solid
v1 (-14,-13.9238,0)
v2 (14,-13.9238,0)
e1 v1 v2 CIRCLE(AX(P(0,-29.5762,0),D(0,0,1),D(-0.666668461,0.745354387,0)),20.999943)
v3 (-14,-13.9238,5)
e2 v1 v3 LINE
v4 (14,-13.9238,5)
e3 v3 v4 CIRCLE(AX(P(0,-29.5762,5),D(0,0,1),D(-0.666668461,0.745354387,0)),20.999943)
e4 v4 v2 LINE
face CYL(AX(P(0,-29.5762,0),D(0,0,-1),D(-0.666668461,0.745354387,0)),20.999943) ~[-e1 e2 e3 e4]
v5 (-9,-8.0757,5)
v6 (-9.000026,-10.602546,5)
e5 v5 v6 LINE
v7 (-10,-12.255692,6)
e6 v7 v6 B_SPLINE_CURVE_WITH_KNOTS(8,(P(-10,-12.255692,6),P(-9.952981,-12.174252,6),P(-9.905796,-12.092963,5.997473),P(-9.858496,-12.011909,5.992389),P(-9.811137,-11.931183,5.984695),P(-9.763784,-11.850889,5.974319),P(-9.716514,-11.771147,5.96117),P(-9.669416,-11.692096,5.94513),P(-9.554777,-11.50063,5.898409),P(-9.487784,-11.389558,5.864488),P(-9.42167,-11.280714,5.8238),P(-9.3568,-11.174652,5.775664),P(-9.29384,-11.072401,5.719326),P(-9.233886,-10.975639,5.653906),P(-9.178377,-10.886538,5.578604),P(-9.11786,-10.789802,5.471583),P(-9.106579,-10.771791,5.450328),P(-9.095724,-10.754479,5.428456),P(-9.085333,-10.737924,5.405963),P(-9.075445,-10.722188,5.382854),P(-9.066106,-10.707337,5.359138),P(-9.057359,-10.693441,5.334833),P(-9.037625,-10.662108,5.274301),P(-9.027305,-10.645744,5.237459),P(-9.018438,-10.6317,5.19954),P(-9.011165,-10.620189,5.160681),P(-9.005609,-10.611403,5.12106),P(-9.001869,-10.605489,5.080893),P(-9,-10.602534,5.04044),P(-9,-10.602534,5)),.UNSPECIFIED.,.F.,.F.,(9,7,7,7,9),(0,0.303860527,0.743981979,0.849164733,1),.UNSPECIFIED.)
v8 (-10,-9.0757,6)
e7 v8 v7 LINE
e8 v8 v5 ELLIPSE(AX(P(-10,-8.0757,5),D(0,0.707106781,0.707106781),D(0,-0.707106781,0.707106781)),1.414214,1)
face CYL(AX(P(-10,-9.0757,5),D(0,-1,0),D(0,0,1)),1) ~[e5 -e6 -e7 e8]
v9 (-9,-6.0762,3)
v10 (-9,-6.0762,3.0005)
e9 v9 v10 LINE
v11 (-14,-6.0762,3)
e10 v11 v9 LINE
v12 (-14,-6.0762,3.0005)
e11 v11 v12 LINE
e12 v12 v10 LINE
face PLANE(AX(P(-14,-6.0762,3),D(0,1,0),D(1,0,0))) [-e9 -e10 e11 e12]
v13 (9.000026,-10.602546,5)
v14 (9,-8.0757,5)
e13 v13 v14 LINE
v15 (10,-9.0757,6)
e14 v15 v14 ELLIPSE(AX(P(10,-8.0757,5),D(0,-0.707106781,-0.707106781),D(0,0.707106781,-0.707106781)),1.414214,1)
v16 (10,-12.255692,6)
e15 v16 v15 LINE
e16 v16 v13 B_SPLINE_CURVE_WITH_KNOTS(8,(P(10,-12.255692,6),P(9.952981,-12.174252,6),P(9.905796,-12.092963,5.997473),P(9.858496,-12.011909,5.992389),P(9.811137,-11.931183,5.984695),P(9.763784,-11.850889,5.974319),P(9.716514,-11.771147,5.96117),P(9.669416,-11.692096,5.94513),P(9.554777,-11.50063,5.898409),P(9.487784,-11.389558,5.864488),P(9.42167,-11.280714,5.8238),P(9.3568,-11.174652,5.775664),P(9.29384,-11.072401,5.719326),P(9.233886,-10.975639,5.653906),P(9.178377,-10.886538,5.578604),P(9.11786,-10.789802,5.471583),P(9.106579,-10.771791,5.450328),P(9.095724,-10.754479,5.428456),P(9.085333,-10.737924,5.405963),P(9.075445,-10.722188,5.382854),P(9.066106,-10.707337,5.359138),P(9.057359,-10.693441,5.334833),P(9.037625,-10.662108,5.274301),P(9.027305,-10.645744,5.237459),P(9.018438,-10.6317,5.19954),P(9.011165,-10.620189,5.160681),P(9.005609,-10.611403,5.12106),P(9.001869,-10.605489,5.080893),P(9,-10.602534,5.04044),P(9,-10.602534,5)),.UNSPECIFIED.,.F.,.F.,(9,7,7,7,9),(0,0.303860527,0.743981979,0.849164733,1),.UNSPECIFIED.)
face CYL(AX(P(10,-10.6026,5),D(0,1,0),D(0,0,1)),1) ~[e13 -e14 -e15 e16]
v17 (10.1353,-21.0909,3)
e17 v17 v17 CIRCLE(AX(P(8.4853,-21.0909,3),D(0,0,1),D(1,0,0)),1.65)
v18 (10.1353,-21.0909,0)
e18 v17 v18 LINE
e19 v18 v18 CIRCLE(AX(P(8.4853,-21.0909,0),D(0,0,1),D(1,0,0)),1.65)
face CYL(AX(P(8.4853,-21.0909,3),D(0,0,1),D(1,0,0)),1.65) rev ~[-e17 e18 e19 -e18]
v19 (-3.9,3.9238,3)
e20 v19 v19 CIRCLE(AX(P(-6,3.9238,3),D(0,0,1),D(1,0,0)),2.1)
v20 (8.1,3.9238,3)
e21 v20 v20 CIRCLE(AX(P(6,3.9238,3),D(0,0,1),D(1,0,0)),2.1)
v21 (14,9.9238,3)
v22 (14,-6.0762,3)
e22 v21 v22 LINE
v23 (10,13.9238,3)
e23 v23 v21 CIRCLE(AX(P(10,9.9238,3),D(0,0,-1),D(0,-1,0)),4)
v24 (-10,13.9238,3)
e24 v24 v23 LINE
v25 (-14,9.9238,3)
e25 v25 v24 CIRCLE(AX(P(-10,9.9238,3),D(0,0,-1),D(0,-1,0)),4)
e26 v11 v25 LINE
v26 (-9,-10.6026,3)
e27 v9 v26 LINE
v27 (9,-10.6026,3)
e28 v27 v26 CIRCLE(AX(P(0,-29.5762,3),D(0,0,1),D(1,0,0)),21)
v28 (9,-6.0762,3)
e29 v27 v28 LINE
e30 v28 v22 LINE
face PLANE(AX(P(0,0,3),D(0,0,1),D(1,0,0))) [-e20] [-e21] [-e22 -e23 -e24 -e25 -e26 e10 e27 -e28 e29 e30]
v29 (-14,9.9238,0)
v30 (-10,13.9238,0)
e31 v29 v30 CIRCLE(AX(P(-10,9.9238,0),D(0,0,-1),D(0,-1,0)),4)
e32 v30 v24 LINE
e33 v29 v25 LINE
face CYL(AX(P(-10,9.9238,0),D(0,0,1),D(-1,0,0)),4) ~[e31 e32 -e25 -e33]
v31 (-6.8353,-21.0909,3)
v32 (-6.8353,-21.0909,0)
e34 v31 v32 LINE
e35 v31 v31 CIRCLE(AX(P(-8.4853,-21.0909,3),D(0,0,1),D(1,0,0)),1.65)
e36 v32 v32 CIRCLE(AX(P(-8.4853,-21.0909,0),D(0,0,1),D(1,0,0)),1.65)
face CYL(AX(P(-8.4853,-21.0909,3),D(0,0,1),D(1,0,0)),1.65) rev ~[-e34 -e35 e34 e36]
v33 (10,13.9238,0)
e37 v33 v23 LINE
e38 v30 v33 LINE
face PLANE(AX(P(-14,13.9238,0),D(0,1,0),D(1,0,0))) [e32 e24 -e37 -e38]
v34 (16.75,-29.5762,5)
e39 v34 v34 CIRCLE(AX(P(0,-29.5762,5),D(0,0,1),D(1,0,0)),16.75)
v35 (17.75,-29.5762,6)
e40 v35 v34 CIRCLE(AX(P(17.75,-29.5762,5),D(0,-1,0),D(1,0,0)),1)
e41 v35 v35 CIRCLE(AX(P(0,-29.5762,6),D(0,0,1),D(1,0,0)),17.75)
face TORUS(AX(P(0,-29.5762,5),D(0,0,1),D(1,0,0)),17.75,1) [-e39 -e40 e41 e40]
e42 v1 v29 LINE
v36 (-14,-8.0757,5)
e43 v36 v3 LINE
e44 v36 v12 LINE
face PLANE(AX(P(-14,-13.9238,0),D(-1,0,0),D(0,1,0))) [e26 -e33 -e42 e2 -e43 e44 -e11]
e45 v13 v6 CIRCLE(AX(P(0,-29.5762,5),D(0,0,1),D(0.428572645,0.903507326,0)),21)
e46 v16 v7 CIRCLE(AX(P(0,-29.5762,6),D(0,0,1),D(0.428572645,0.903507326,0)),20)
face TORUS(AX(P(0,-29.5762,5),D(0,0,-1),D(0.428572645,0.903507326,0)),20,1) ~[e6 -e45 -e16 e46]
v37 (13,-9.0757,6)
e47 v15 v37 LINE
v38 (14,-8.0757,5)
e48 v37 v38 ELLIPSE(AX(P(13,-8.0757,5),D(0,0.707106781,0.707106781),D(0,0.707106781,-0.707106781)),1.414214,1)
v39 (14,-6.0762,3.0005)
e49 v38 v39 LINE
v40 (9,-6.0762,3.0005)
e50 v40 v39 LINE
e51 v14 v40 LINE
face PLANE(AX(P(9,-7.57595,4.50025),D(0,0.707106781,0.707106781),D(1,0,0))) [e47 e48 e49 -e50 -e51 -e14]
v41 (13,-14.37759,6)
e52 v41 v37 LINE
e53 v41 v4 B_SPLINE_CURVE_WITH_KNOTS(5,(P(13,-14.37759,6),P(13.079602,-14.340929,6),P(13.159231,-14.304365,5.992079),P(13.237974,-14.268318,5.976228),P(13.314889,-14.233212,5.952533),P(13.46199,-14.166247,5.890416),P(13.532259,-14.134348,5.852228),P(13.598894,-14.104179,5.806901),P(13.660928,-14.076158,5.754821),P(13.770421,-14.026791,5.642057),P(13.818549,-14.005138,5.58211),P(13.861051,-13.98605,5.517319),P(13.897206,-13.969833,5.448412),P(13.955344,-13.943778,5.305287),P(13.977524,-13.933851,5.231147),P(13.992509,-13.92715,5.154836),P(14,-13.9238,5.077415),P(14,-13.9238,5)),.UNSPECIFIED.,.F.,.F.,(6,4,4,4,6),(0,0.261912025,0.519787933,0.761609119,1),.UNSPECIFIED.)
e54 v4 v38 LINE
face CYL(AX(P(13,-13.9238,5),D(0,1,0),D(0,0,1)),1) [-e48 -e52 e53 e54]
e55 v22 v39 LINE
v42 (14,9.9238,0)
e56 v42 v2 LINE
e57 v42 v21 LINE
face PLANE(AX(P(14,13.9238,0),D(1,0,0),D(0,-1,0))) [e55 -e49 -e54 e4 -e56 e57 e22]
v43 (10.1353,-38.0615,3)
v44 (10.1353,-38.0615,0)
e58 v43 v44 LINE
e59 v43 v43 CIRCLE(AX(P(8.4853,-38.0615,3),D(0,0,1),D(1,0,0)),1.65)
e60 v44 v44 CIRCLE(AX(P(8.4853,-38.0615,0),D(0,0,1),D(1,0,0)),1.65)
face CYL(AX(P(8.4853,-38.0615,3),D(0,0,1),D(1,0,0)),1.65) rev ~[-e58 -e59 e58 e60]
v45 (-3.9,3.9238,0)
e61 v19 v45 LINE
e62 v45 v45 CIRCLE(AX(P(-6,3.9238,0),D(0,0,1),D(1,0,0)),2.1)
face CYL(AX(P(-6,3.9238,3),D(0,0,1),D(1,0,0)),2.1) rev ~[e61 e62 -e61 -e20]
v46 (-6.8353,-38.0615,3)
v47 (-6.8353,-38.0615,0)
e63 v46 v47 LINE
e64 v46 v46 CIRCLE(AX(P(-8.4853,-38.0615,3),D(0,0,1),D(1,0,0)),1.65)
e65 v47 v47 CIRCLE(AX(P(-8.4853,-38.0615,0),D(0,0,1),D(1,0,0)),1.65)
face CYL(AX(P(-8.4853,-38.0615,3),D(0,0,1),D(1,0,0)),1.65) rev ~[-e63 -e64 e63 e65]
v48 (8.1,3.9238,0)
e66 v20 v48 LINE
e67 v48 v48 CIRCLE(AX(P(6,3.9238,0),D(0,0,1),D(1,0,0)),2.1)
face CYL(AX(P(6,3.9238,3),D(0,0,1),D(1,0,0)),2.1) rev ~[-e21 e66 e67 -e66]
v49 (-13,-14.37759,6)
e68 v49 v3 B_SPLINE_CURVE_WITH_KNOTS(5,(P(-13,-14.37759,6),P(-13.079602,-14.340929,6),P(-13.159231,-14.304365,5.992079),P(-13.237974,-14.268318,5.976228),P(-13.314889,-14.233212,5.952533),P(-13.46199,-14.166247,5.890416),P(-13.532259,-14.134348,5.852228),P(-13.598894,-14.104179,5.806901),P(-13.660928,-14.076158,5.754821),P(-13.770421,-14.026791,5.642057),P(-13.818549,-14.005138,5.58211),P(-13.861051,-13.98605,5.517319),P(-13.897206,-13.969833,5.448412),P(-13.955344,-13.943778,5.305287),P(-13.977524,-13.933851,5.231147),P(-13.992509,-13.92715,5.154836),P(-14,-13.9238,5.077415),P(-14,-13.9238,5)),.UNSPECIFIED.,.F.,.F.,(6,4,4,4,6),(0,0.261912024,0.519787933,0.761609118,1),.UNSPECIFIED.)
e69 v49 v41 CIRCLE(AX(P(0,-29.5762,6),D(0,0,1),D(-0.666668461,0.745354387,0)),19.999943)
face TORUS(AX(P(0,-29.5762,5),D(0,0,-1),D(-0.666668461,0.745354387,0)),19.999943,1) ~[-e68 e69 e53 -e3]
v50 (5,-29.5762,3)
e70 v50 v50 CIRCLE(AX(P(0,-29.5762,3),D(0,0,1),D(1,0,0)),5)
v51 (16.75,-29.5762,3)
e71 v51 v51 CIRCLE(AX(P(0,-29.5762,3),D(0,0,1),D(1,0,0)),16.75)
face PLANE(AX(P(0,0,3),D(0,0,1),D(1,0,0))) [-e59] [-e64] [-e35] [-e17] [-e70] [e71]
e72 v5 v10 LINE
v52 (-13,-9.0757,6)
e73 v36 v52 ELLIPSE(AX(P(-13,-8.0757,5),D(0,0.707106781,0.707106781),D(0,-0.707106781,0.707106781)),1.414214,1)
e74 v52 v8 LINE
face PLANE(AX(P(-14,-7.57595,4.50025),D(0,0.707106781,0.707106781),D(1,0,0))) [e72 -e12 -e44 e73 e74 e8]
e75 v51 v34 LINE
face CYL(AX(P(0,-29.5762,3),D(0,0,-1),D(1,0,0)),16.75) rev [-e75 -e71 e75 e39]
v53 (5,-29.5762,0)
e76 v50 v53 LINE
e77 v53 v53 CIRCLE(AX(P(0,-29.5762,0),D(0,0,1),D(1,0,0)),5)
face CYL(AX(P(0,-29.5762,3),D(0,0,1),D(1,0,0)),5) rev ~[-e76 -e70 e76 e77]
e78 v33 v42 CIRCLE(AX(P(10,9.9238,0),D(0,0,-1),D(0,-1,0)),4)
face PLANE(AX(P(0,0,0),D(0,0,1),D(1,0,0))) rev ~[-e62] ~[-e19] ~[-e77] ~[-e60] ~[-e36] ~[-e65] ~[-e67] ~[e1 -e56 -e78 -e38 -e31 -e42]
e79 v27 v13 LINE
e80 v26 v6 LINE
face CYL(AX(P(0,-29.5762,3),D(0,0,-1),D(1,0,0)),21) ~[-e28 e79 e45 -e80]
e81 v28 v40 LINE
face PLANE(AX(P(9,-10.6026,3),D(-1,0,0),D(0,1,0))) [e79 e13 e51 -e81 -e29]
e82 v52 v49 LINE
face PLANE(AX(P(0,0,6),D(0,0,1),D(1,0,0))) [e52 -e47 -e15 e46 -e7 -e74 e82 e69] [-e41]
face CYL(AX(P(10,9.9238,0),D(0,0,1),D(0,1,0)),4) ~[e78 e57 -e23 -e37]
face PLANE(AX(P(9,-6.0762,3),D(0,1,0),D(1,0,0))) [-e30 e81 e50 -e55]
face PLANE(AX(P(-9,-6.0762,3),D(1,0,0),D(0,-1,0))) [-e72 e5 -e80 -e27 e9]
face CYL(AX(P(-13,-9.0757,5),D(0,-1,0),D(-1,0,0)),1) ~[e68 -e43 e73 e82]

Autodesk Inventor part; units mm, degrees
ref_plane "YZ Plane" through (0, 0, 0) normal (1, 0, 0) x (0, 1, 0)
ref_plane "XZ Plane" through (0, 0, 0) normal (0, 1, 0) x (-1, 0, 0)
ref_plane "XY Plane" through (0, 0, 0) normal (0, 0, 1) x (1, 0, 0)
sketch "Sketch1" plane through (0, 0, 0) normal (0, 0, 1) x (1, 0, 0)
  line L0 (-14, 13.9238) -> (14, 13.9238)
  line L1 (14, 13.9238) -> (14, -13.9238)
  line L2 (14, -29.5762) -> (-14, -29.5762)
  line L3 (-14, -29.5762) -> (-14, -13.9238)
  arc A0 (-14, -13.9238) -> (14, -13.9238) centre (0, -29.5762) ccw
  line L4 (-14, -13.9238) -> (-14, 13.9238)
  line L5 (14, -13.9238) -> (14, -29.5762)
  point P0 (0, 0)
  point P1 (0, 13.9238)
  point P2 (14, 0)
  dimension "d0" = 42
  dimension "d1" = 43.5
  dimension "d4" = 28
extrude "Extrusion1" add sketch "Sketch1" along normal blind 3
sketch "Sketch2" plane through (0, 0, 3) normal (0, 0, 1) x (1, 0, 0)
  line L0 (14, -13.9238) -> (14, 13.9238) projected
  line L1 (14, 13.9238) -> (-14, 13.9238) construction
  line L2 (-14, 13.9238) -> (-14, -13.9238) construction
  arc A0 (-14, -13.9238) -> (14, -13.9238) centre (0, -29.5762) ccw projected
  circle A1 centre (0, -29.5762) radius 16.75
  circle A2 centre (0, -29.5762) radius 21
  line L3 (-14, -6.0762) -> (14, -6.0762)
  line L4 (14, -13.9238) -> (14, 13.9238) construction
  line L5 (-14, 13.9238) -> (-14, -13.9238) projected
  line L6 (-14, -6.0762) -> (-14, -13.9238)
  line L7 (-9, -6.0762) -> (-9, -10.6026)
  line L8 (14, -6.0762) -> (14, -13.9238)
  line L9 (9, -10.6026) -> (9, -6.0762)
  arc A3 (-14, -13.9238) -> (14, -13.9238) centre (0, -29.5762) ccw projected
  line L10 (14, -6.0762) -> (14, -13.9238)
  point P0 (0, 0)
  dimension "d5" = 33.5
  dimension "d6" = 20
  dimension "d7" = 5
  dimension "d8" = 5
extrude "Extrusion2" add sketch "Sketch2" along normal blind 3 contours A2 L9 L3 L0 | A0 A2 | L5 L3 L7 A2
sketch "Sketch3" plane through (0, 0, 3) normal (0, 0, 1) x (1, 0, 0)
  circle A0 centre (0, -29.5762) radius 16.75 projected
  circle A1 centre (0, -29.5762) radius 5
  line L0 (9, -6.0762) -> (14, -6.0762) projected
  line L1 (14, -6.0762) -> (14, 13.9238) projected
  line L2 (14, 13.9238) -> (-14, 13.9238) projected
  line L3 (-14, 13.9238) -> (-14, -6.0762) projected
  line L4 (-14, -6.0762) -> (-9, -6.0762) projected
  line L5 (-9, -6.0762) -> (-9, -10.6026) projected
  arc A2 (9, -10.6026) -> (-9, -10.6026) centre (0, -29.5762) ccw projected
  line L6 (9, -10.6026) -> (9, -6.0762) projected
  circle A3 centre (-6, 3.9238) radius 2.1
  circle A4 centre (6, 3.9238) radius 2.1
  line L7 (-6, 3.9238) -> (6, 3.9238) construction
  point P0 (0, 0)
  point P1 (0, 3.9238)
  dimension "d11" = 10
  dimension "d12" = 4.2
  dimension "d13" = 12
  dimension "d14" = 10
extrude "Extrusion3" cut sketch "Sketch3" against normal up to next contours A1 | A3 | A4
chamfer "Chamfer1" distance 3 angle 45 2 edges at (11.5, -6.0762, 6) (-11.5, -6.0762, 6)
fillet "Fillet1" radius 1 7 edges at (-16.75, -29.5762, 6) (0, -8.5762, 6) (0, -50.5762, 6) (-14, -11.4998, 6) (-9, -9.8392, 6) (9, -9.8392, 6) (14, -11.4998, 6)
sketch "Sketch4" plane through (0, -29.5762, 3) normal (0, 0, 1) x (1, 0, 0)
  circle A0 centre (0, 0) radius 5 projected
  circle A1 centre (8.4853, 8.4853) radius 1.65
  line L0 (0, 0) -> (8.4853, 8.4853) construction
  line L1 (0, 0) -> (0, 12.1192) construction
  line L2 (0, 0) -> (-12.1192, 0) construction
  circle A2 centre (-8.4853, 8.4853) radius 1.65
  line L3 (0, 0) -> (0, -12.1192) construction
  circle A3 centre (-8.4853, -8.4853) radius 1.65
  line L4 (0, 0) -> (12.1192, 0) construction
  circle A4 centre (8.4853, -8.4853) radius 1.65
  point P0 (0, 29.5762)
  dimension "d21" = 45
  dimension "d22" = 3.3
  dimension "d23" = 12
  dimension "d26" = 360
extrude "Extrusion4" cut sketch "Sketch4" against normal up to next contours A1 | A2 | A3 | A4
fillet "Fillet2" radius 4 2 edges at (-14, 13.9238, 1.5) (14, 13.9238, 1.5)
equation "\"d8\" = d7"
properties part number "holder-LMF8LUU-z-axis"
